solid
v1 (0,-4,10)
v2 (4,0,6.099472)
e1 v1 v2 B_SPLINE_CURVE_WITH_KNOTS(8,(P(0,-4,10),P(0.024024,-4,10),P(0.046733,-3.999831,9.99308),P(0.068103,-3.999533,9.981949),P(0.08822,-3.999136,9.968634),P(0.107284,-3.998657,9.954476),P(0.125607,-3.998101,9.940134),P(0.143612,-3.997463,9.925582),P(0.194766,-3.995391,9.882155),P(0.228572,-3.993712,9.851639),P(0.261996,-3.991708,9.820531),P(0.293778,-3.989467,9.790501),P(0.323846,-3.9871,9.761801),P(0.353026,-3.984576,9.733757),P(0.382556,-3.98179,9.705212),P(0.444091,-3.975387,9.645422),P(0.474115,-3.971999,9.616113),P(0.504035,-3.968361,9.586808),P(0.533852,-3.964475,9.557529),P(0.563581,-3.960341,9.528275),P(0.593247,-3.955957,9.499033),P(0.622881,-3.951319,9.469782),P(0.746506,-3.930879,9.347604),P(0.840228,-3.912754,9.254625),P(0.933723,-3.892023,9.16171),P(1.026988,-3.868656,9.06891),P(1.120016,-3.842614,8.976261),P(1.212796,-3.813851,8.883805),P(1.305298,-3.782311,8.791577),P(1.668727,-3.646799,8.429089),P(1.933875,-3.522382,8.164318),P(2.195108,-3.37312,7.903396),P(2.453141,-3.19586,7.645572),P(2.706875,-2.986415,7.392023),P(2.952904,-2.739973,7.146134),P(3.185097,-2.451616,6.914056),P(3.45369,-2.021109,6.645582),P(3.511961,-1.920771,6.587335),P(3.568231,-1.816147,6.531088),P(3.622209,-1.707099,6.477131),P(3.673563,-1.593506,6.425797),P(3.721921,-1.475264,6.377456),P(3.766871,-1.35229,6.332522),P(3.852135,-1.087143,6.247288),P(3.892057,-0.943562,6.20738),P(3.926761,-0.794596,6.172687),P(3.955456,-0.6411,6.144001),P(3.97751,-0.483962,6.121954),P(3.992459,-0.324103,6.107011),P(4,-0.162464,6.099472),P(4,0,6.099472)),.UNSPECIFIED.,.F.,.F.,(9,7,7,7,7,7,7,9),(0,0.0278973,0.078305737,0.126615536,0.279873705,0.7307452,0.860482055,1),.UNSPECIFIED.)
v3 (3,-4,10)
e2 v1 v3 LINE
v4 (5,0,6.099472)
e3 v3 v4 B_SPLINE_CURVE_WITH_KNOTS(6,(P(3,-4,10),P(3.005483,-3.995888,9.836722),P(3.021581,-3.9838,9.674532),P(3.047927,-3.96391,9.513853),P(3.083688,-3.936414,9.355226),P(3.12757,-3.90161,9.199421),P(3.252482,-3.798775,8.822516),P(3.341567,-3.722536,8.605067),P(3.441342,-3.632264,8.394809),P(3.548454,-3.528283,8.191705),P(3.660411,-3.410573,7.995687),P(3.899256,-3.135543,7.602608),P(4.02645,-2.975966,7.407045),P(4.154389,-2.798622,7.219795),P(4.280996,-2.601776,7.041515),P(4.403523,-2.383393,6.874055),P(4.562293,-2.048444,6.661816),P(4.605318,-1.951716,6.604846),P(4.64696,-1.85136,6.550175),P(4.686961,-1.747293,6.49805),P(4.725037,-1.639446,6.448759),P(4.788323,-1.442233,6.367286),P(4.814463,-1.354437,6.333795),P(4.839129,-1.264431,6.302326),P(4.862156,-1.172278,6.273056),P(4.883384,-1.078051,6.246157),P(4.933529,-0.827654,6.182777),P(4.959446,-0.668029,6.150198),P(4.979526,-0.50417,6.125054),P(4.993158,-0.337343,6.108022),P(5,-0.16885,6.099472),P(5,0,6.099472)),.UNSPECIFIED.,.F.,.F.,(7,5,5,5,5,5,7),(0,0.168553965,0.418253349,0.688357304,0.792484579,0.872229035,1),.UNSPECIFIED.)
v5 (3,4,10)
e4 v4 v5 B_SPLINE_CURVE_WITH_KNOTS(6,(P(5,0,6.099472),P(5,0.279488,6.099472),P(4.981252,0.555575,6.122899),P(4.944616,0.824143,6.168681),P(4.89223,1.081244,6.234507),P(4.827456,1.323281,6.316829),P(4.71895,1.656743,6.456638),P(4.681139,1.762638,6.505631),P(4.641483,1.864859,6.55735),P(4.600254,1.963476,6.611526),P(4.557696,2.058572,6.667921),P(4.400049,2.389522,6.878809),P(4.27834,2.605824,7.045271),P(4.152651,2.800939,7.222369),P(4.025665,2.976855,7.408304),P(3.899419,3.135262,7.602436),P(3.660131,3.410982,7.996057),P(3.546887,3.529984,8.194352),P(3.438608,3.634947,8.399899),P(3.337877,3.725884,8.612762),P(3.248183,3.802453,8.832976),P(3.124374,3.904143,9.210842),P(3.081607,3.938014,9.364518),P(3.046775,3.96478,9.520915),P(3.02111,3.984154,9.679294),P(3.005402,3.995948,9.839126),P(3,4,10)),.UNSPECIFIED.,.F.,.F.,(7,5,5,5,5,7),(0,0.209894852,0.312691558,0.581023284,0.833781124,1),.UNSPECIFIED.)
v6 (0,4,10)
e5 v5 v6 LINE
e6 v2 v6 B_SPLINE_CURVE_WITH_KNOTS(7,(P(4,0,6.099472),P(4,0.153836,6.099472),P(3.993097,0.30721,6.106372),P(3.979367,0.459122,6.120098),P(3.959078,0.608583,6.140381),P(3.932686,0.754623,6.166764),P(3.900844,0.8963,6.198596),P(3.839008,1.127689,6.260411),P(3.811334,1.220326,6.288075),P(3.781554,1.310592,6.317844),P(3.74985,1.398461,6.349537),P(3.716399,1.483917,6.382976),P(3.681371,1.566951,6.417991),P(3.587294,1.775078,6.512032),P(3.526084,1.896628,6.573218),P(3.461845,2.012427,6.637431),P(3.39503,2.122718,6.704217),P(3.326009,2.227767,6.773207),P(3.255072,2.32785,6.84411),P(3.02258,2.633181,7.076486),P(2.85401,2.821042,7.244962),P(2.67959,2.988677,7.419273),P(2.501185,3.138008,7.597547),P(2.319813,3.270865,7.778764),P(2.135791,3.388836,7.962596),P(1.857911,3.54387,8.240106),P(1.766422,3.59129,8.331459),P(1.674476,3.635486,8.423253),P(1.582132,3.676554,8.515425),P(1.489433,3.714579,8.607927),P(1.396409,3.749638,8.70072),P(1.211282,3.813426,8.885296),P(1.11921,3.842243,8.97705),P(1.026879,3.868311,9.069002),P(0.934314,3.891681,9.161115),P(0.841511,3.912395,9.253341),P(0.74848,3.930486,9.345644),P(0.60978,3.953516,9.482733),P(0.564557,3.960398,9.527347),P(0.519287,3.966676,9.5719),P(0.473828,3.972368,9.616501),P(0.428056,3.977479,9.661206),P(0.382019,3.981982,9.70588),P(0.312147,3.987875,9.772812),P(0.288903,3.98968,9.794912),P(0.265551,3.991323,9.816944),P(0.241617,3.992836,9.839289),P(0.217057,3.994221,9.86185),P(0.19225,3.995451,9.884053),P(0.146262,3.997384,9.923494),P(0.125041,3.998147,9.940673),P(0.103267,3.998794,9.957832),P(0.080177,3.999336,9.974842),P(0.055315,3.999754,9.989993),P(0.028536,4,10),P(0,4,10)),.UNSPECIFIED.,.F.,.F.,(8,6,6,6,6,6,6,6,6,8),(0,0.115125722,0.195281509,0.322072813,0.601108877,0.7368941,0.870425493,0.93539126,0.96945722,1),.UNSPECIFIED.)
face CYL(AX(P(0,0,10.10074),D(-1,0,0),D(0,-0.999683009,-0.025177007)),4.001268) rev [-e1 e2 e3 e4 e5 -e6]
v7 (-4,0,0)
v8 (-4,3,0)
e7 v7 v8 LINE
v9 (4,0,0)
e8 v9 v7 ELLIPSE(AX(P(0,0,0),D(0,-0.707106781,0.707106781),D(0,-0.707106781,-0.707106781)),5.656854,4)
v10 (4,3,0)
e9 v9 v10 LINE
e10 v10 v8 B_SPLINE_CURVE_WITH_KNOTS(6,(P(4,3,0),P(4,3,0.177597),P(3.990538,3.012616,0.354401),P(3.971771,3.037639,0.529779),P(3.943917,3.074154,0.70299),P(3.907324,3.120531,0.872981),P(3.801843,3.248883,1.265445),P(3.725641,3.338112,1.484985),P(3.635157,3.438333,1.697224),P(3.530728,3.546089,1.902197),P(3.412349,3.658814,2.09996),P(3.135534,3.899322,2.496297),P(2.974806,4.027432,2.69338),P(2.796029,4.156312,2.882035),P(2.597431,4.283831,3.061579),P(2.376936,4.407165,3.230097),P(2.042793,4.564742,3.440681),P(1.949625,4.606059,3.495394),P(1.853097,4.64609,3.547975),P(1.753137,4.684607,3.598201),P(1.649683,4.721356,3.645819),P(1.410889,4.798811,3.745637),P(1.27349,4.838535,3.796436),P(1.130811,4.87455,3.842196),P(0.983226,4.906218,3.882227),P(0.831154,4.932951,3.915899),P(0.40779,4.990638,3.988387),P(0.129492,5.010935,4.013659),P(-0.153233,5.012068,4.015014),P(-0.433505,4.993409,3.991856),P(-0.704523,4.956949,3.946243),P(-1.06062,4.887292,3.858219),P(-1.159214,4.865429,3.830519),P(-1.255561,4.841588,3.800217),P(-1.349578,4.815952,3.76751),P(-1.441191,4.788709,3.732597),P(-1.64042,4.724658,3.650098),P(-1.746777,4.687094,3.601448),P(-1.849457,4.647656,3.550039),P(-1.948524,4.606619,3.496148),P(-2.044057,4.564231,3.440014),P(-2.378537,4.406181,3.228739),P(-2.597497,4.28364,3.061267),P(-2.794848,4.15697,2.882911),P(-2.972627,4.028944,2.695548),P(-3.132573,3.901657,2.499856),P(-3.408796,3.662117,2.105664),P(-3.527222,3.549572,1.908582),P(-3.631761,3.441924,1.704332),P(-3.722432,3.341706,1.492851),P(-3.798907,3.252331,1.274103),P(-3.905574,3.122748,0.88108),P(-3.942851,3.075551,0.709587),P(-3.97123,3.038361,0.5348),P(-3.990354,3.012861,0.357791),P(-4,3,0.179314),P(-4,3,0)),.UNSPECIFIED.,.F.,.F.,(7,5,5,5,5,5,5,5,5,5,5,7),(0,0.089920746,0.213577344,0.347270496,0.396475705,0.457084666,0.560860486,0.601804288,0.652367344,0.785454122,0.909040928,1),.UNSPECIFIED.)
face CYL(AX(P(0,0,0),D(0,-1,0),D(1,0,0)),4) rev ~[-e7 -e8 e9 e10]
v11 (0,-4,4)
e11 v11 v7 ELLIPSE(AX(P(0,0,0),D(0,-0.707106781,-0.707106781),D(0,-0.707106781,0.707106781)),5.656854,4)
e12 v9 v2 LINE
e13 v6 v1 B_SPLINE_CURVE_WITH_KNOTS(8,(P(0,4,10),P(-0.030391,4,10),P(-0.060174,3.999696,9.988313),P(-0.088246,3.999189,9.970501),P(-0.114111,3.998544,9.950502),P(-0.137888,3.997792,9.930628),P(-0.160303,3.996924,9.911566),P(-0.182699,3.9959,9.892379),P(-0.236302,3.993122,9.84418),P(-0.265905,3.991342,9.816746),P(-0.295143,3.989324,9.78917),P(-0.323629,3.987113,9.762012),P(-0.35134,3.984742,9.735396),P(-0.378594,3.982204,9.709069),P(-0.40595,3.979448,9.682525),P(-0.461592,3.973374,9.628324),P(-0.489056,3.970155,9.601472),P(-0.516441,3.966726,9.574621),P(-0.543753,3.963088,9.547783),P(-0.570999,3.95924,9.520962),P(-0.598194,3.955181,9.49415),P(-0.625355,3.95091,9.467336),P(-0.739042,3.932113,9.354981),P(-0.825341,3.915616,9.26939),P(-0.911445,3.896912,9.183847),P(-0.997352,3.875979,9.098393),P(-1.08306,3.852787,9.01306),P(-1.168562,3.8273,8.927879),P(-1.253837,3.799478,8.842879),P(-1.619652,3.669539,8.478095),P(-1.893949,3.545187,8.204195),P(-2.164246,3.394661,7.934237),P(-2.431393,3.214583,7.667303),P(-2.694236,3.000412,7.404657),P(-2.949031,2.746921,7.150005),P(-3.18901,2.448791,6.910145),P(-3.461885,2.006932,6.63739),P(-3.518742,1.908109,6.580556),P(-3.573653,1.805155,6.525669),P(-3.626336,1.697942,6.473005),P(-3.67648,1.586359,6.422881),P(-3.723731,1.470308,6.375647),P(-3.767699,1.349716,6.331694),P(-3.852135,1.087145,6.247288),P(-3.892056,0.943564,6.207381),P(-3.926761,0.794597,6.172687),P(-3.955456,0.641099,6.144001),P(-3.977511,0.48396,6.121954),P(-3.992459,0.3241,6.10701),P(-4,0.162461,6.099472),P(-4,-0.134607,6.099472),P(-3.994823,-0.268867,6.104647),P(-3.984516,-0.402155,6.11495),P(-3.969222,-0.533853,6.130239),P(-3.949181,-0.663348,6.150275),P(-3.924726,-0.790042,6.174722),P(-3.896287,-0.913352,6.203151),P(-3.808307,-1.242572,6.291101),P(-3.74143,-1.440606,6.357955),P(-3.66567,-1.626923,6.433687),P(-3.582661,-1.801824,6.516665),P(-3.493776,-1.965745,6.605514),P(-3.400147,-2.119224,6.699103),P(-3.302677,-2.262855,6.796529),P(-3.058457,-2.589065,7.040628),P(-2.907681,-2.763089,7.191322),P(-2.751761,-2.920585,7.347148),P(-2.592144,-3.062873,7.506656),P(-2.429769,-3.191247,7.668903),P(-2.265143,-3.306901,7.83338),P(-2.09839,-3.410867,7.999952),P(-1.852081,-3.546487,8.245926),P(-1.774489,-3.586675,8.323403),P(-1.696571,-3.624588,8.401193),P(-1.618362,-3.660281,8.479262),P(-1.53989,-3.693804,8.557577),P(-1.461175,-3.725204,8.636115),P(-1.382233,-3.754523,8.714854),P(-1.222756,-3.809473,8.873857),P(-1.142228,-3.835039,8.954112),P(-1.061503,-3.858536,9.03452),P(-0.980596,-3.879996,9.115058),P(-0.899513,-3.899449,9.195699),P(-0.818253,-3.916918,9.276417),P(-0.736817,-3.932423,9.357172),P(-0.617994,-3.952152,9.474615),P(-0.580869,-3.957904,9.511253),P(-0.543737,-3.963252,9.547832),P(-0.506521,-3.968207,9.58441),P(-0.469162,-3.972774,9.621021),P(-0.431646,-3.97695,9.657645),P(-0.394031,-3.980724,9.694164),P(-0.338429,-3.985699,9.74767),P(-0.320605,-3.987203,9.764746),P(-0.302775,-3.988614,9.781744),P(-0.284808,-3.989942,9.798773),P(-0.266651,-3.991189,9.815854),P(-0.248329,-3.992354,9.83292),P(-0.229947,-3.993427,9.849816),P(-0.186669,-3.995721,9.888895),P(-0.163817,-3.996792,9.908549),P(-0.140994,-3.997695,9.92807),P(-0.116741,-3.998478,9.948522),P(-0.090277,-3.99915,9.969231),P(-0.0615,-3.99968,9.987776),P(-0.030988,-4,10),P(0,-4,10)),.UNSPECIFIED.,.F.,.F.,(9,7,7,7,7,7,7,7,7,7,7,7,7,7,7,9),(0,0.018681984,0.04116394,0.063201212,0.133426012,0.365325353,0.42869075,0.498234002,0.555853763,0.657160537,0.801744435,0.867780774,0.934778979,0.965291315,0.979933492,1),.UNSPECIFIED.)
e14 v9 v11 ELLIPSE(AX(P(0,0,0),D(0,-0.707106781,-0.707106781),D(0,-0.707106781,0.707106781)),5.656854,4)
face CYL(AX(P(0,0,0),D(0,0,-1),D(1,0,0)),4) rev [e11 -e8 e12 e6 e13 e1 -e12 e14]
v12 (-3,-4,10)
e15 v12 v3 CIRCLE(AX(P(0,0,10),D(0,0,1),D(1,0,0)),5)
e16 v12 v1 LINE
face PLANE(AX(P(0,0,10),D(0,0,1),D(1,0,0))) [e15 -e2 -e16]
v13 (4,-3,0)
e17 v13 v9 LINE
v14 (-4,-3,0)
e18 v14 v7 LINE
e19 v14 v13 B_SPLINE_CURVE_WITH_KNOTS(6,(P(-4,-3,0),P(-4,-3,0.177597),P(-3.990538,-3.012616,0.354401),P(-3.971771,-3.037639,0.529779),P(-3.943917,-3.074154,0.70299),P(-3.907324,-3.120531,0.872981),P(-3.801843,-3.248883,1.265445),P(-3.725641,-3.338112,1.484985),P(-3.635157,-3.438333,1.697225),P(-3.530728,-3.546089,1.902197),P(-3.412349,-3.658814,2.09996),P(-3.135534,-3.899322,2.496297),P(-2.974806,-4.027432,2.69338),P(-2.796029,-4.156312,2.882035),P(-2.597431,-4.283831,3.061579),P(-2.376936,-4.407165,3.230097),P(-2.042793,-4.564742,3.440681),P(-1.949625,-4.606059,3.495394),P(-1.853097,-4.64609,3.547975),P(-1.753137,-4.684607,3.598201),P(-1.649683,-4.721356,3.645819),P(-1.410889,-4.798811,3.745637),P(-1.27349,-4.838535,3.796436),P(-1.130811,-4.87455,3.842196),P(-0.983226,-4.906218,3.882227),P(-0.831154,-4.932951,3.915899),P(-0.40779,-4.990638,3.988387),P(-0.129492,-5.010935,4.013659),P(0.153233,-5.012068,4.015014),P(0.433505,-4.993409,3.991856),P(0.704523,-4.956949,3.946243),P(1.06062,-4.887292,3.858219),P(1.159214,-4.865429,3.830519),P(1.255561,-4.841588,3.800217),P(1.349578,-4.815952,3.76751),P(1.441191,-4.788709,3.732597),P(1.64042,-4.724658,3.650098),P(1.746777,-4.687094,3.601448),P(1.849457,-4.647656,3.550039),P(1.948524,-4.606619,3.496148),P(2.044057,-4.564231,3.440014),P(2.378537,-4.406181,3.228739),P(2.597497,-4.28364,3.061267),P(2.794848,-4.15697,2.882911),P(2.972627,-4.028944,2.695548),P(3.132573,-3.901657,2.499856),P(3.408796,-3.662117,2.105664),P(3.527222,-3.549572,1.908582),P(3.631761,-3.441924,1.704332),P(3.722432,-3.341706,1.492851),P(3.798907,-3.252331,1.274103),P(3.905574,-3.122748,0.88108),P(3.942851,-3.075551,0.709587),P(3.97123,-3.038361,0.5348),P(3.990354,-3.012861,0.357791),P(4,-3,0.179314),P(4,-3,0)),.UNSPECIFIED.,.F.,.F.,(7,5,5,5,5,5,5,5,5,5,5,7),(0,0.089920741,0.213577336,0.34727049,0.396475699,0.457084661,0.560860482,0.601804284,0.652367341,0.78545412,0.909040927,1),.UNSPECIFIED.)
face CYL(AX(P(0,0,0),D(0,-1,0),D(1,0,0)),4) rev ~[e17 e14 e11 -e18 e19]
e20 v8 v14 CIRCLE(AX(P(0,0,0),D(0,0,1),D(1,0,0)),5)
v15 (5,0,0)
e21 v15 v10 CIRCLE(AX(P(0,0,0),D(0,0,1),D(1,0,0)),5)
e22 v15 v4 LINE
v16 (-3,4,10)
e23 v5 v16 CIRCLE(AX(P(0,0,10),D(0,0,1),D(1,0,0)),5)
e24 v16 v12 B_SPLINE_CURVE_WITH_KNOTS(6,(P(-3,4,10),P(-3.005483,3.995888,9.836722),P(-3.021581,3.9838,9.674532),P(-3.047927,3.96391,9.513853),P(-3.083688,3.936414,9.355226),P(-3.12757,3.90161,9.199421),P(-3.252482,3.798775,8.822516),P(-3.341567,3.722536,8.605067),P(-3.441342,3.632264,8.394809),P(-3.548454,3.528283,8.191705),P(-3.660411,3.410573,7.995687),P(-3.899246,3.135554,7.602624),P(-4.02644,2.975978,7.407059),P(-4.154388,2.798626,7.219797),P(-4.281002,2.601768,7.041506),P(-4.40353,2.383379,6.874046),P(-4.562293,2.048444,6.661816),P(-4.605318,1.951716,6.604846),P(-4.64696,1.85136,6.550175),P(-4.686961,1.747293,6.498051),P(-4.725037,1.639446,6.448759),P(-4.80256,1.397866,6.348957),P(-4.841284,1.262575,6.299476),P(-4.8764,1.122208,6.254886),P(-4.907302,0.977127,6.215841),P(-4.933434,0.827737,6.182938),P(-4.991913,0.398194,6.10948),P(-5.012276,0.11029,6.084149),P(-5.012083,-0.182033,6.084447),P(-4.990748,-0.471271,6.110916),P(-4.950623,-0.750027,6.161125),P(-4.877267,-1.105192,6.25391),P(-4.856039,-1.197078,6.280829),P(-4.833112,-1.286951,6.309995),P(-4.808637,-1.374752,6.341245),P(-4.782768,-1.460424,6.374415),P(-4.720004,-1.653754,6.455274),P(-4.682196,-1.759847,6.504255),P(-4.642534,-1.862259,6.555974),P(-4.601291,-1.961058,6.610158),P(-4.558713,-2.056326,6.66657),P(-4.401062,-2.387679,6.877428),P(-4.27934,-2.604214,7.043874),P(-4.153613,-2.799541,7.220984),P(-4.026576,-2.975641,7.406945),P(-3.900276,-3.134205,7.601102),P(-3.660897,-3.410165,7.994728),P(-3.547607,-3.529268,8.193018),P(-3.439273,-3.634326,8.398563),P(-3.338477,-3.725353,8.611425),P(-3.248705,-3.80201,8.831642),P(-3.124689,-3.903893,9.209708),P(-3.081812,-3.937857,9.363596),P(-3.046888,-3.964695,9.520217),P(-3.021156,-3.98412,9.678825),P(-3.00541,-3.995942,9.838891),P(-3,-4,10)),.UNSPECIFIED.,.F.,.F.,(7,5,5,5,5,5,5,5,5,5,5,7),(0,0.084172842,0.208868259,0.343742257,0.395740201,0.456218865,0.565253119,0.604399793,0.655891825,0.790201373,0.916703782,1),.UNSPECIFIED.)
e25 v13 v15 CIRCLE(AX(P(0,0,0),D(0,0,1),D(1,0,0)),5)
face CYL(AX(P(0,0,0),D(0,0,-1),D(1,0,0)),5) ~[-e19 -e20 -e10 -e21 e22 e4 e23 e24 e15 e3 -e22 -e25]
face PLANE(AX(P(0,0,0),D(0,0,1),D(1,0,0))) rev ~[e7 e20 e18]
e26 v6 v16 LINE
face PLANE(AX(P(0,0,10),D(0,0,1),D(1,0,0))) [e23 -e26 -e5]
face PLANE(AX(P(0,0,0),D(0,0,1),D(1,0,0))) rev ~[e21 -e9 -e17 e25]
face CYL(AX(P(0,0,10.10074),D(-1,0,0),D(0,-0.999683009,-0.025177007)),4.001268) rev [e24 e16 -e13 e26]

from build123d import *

# Parameters (mm, degrees)
F0_R          = 5
F1_DEPTH      = 10
F3_DEPTH      = 5.001
F3_DEPTH_BACK = 5.001
F5_DEPTH      = 5.0010001
F5_DEPTH_BACK = 5.0010001
F6_R          = 4
F7_DEPTH      = 10.0010001


with BuildPart() as f1:
    # F0 (on Top) → F1 (new body)
    with BuildSketch(Plane.XY):
        Circle(F0_R)
    extrude(amount=F1_DEPTH)

    # F2 (on Front) → F3 (cut, two sides)
    with BuildSketch(Plane.XZ) as f3_sk:
        with BuildLine():
            ThreePointArc((4, 0), (0, 4), (-4, 0))
            Line((-4, 0), (4, 0))
        make_face()
    extrude(amount=-F3_DEPTH, mode=Mode.SUBTRACT)
    extrude(f3_sk.sketch, amount=F3_DEPTH_BACK, mode=Mode.SUBTRACT)

    # F4 (on Right) → F5 (cut, two sides)
    with BuildSketch(Plane.YZ) as f5_sk:
        with BuildLine():
            ThreePointArc((-4, 10), (0, 6.0994715953), (4, 10))
            Line((4, 10), (-4, 10))
        make_face()
    extrude(amount=-F5_DEPTH, mode=Mode.SUBTRACT)
    extrude(f5_sk.sketch, amount=F5_DEPTH_BACK, mode=Mode.SUBTRACT)

    # F6 (on Top) → F7 (cut, through all)
    with BuildSketch(Plane.XY):
        Circle(F6_R)
    extrude(amount=F7_DEPTH, mode=Mode.SUBTRACT)


solid = f1.part
